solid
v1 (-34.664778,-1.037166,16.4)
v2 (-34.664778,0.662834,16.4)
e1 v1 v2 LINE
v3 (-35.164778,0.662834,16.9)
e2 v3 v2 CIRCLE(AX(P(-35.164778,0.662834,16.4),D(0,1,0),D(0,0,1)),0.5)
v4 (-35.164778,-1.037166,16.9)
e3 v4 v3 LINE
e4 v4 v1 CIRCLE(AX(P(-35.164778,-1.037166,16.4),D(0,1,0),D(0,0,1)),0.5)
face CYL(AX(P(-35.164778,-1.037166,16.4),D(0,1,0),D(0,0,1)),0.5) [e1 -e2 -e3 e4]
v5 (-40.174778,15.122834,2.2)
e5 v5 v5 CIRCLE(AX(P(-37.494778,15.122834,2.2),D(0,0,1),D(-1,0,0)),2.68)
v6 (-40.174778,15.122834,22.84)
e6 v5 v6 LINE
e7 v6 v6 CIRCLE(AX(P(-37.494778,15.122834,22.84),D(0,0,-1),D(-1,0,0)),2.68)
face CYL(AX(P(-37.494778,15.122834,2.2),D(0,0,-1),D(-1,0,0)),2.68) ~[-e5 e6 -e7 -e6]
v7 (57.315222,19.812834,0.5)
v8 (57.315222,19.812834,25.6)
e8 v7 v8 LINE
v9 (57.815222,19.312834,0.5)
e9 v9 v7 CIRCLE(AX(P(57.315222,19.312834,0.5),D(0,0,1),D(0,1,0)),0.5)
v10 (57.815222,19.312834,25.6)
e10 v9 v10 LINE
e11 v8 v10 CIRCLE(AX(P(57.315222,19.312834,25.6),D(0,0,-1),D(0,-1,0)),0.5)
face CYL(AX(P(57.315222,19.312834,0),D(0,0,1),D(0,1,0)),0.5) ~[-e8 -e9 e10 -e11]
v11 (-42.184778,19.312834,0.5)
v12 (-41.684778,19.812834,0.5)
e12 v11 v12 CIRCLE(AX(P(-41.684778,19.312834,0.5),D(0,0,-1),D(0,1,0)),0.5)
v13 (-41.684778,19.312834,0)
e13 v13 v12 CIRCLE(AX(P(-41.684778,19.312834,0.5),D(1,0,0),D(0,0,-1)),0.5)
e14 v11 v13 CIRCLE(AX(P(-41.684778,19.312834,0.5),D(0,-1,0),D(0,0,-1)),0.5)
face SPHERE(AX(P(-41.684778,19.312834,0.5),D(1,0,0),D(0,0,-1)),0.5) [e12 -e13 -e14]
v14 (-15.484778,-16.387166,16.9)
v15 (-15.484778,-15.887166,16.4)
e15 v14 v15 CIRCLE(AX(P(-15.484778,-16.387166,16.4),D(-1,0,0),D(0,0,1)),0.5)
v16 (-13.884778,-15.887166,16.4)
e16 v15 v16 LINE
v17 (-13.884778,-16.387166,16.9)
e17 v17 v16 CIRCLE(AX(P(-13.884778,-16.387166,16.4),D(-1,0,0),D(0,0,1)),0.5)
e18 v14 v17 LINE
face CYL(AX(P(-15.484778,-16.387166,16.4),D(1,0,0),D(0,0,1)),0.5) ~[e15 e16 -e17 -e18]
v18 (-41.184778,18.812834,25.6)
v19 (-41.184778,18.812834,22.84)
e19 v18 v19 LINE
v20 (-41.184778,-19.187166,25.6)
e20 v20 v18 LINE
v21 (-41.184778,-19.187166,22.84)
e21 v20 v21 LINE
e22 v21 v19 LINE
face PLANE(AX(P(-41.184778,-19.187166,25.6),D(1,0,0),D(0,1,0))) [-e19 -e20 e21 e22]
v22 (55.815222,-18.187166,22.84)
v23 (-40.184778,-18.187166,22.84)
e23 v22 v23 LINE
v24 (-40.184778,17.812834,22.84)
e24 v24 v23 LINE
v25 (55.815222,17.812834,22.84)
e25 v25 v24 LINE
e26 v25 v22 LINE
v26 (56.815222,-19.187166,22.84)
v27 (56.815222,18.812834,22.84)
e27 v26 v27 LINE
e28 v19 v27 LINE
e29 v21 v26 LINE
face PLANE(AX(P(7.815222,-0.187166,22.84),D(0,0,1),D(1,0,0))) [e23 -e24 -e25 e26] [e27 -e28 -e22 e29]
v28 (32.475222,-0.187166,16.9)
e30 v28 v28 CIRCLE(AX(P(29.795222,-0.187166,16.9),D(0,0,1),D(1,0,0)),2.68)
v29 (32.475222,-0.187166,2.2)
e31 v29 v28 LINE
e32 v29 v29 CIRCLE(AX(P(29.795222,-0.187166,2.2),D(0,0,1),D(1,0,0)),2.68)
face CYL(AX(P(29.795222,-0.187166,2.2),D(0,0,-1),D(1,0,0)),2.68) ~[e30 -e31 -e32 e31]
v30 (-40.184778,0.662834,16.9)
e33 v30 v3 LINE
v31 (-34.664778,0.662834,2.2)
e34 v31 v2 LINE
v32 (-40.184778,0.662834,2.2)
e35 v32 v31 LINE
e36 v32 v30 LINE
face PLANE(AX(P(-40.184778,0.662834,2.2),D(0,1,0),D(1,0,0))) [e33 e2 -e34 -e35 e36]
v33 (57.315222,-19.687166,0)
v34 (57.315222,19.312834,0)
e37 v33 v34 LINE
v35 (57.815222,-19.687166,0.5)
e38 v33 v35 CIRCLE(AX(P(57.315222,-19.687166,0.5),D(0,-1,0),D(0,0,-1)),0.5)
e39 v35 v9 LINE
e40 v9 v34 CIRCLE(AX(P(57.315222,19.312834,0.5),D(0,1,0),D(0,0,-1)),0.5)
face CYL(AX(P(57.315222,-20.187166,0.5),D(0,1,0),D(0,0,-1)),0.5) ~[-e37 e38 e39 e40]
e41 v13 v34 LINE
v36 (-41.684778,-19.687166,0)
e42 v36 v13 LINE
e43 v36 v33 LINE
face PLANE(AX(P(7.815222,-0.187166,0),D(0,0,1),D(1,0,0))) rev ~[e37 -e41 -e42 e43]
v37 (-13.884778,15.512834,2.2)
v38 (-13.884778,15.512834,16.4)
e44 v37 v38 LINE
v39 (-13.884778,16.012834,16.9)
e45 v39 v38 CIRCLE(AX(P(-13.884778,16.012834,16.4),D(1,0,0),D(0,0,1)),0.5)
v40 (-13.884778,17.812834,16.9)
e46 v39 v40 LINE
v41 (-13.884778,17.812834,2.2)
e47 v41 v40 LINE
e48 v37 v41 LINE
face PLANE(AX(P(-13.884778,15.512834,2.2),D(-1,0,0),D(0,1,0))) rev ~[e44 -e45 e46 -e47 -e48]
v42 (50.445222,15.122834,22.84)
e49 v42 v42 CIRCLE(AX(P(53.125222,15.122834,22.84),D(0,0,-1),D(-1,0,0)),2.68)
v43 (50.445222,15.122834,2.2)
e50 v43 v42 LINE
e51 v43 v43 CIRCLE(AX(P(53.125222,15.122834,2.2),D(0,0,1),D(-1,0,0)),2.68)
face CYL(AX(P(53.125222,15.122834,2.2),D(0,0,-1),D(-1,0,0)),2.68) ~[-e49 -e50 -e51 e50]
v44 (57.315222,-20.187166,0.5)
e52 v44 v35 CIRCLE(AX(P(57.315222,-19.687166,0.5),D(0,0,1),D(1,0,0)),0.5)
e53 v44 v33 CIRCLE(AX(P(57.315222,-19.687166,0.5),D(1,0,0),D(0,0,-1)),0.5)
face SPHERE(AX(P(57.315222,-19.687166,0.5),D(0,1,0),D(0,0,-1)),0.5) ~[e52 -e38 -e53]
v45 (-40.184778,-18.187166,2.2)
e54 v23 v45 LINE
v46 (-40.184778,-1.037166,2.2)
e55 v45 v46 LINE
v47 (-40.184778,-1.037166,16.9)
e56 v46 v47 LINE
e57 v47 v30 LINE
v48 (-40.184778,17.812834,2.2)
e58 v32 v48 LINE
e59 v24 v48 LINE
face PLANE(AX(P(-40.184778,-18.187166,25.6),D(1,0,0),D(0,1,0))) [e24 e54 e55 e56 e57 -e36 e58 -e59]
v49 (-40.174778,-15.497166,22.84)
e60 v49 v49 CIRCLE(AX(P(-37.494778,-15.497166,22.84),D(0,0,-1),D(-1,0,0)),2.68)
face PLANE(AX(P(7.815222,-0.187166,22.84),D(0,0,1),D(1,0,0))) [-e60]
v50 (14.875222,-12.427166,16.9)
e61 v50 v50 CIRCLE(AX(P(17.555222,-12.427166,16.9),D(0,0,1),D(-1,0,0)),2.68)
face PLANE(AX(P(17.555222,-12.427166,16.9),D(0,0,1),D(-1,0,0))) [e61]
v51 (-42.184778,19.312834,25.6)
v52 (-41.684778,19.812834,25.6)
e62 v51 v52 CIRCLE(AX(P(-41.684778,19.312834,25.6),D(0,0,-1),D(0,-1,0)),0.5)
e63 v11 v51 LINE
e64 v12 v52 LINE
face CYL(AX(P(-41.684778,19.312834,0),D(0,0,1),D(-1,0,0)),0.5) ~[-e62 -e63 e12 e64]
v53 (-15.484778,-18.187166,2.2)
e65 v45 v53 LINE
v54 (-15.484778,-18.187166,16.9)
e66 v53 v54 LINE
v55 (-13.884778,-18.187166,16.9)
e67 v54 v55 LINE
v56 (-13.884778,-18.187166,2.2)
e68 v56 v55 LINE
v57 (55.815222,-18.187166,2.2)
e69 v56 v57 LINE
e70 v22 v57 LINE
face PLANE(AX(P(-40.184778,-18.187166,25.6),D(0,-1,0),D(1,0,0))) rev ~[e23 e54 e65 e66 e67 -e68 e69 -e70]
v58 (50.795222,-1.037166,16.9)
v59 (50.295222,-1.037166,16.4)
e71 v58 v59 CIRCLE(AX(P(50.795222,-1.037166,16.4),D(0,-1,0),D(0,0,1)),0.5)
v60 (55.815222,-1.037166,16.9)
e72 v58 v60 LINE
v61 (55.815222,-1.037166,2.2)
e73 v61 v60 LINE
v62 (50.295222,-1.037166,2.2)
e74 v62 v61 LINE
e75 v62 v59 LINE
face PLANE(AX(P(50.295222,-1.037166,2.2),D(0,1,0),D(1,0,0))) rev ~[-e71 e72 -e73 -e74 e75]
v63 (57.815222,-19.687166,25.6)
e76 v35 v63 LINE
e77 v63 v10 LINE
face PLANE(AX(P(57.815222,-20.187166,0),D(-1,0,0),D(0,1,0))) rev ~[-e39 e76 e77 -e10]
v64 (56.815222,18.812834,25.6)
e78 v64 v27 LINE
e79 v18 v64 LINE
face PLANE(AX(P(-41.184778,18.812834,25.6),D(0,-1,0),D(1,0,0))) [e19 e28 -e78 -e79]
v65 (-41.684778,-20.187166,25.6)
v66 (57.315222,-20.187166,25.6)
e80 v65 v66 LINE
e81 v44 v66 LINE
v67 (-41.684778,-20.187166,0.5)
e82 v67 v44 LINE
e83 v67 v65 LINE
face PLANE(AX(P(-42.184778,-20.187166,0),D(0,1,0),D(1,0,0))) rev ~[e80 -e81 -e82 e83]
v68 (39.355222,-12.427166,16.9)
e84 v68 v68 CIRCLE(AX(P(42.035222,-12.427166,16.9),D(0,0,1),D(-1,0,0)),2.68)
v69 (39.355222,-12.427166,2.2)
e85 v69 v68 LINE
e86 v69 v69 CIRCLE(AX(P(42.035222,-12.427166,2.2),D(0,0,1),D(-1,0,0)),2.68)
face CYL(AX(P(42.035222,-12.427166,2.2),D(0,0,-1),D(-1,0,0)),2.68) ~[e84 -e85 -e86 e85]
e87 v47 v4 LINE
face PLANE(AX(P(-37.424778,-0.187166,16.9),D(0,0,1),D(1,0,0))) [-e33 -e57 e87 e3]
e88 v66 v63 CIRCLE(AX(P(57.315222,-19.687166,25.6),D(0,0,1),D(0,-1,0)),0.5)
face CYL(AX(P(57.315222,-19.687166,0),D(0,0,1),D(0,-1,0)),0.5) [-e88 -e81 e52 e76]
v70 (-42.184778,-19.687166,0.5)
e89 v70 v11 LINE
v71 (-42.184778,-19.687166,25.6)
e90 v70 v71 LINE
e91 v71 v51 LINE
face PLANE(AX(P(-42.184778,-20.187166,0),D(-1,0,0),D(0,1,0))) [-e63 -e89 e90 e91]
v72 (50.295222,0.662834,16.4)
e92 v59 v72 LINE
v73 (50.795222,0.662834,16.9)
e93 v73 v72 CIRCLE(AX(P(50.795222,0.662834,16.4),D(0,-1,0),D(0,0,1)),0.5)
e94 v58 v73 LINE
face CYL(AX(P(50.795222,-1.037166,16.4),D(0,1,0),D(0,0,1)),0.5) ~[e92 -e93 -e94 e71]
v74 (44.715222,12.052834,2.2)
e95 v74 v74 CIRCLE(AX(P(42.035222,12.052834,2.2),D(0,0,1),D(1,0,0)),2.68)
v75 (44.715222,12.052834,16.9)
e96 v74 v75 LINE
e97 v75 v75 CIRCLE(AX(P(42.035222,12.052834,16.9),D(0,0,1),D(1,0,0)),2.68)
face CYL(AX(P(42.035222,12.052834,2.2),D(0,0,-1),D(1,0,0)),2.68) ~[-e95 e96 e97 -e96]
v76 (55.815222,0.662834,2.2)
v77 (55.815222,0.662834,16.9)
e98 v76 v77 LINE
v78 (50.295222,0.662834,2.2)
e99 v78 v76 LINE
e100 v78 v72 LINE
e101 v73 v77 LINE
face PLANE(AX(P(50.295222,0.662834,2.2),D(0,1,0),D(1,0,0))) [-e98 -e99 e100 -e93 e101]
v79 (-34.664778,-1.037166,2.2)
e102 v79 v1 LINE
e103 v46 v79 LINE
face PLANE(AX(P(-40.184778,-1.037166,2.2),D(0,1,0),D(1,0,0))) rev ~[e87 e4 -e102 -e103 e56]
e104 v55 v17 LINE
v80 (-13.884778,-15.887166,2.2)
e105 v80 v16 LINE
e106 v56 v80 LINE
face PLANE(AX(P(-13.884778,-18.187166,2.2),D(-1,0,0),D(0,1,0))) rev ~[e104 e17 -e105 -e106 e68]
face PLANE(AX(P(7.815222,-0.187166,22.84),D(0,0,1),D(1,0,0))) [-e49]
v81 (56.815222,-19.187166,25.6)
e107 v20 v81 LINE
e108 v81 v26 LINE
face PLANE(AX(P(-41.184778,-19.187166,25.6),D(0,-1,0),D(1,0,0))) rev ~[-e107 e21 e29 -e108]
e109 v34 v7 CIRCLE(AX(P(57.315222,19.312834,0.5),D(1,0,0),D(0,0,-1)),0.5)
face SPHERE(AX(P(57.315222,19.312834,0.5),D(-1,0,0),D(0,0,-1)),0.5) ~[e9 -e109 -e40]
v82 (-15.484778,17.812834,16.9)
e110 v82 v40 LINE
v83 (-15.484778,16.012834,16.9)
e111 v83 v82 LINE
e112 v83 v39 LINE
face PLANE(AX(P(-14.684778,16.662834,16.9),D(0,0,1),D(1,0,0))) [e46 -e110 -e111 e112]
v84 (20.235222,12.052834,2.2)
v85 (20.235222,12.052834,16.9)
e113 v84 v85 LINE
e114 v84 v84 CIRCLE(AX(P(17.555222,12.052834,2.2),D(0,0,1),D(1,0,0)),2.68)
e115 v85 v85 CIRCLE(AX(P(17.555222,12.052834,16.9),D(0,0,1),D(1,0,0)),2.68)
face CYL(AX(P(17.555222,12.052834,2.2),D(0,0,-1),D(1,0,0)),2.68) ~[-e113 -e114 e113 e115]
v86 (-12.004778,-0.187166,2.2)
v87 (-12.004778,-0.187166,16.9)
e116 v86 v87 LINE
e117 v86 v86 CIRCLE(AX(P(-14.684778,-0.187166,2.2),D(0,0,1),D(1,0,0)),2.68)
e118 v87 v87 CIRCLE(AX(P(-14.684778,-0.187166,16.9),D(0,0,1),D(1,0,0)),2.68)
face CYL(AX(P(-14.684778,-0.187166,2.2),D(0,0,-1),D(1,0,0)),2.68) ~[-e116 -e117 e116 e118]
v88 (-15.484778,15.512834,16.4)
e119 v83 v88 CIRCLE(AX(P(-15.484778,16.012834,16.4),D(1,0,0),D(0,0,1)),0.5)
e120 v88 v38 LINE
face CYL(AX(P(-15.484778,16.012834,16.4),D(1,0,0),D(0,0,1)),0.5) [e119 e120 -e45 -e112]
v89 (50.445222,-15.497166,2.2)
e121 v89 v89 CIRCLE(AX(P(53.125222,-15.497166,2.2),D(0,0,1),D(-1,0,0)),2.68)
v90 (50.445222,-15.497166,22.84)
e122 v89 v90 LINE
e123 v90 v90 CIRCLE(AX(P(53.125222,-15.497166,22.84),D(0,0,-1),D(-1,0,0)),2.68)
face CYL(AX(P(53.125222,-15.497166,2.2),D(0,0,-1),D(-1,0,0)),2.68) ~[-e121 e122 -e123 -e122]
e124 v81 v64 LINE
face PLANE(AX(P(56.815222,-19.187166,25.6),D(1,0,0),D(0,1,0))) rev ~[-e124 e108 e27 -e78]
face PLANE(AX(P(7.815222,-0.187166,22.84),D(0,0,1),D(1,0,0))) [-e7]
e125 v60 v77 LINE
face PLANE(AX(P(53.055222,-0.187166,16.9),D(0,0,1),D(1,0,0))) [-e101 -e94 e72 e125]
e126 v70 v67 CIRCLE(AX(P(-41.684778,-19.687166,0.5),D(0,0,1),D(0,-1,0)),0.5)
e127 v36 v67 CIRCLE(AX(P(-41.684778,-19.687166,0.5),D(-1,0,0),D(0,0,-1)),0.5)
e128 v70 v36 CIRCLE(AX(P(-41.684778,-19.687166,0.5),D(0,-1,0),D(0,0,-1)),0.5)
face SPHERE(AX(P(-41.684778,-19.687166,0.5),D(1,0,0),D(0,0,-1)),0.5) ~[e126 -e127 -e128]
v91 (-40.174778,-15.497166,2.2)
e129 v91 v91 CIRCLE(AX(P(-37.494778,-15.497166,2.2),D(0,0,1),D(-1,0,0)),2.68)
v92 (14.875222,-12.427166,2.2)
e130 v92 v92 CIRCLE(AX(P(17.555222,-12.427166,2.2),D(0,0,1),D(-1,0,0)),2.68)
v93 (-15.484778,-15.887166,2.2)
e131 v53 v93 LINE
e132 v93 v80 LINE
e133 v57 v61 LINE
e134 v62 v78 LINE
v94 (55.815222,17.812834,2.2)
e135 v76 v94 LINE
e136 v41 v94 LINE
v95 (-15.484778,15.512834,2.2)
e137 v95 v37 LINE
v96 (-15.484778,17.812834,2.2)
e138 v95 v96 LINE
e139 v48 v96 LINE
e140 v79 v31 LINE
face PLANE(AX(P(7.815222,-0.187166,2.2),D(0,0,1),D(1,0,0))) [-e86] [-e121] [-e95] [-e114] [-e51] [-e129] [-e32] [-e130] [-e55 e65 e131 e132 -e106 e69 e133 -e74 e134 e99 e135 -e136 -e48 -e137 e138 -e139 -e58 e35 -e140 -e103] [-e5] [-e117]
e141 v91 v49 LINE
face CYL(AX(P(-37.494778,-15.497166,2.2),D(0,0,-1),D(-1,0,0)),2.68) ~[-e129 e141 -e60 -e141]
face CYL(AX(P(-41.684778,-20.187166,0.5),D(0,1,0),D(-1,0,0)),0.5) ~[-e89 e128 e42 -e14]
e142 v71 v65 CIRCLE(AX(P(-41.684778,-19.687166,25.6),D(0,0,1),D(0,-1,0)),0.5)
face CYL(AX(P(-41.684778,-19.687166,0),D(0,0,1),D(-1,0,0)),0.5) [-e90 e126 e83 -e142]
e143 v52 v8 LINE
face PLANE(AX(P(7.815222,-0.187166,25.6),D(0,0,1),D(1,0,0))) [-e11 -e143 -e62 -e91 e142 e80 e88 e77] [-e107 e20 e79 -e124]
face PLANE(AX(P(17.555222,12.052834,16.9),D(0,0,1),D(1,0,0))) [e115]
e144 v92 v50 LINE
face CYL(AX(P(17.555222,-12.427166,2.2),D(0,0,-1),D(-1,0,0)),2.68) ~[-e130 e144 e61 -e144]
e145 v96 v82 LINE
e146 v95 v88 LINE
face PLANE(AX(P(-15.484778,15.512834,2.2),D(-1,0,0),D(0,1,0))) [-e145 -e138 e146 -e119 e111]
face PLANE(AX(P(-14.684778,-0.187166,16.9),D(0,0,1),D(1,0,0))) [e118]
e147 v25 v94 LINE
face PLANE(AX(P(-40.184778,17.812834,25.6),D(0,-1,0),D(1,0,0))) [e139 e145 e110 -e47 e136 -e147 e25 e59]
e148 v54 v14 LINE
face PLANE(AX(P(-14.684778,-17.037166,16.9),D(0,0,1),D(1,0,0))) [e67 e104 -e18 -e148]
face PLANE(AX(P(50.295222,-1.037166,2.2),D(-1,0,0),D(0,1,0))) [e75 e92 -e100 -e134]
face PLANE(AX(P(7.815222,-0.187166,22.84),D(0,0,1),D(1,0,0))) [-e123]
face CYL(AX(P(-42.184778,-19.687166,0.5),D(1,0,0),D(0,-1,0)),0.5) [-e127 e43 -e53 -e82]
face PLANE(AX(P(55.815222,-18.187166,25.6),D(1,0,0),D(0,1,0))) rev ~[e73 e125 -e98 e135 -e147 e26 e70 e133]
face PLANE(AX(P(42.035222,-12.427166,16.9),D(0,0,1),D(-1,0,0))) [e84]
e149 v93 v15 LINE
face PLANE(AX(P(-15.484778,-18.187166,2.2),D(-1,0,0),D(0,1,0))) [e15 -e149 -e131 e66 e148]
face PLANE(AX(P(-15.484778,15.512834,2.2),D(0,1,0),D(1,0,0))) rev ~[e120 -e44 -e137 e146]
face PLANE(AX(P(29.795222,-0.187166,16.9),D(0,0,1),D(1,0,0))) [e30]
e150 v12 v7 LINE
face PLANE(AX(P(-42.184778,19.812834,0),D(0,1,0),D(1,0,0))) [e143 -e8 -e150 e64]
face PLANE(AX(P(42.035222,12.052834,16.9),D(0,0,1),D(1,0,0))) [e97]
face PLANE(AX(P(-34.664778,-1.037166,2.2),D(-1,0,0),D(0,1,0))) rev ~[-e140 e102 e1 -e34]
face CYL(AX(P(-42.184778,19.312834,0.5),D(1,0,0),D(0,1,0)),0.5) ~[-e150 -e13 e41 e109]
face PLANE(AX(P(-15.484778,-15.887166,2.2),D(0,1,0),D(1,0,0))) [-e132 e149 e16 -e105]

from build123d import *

# Parameters (mm, degrees)
IZIM1_W                     = 100
IZIM1_H                     = 40
Y_KSEKLIK_EKSTR_ZYON1_DEPTH = 25.6
IZIM2_W                     = 96
IZIM2_H                     = 36
KES_EKSTR_ZYON1_DEPTH       = 23.4
IZIM5_R                     = 2.68
Y_KSEKLIK_EKSTR_ZYON6_DEPTH = 22.42
IZIM6_W                     = 98
IZIM6_H                     = 38
KES_EKSTR_ZYON2_DEPTH       = 2.76
IZIM7_W                     = 5.52
IZIM7_H                     = 1.7
Y_KSEKLIK_EKSTR_ZYON7_DEPTH = 14.7
IZIM8_W                     = 1.6
IZIM8_H                     = 2.3
Y_KSEKLIK_EKSTR_ZYON8_DEPTH = 14.7
IZIM9_R                     = 2.68
Y_KSEKLIK_EKSTR_ZYON9_DEPTH = 14.7
RADYUS1_R                   = 0.5


with BuildPart() as part:
    # Çizim1 → Yükseklik-Ekstrüzyon1 (new body)
    with BuildSketch(Plane.XY):
        with Locations((7.815221761, -0.187165775)):
            Rectangle(IZIM1_W, IZIM1_H)
    extrude(amount=Y_KSEKLIK_EKSTR_ZYON1_DEPTH)

    # Çizim2 → Kes-Ekstrüzyon1 (cut)
    with BuildSketch(Plane.XY.offset(25.6)):
        with Locations((7.815221761, -0.187165775)):
            Rectangle(IZIM2_W, IZIM2_H)
    extrude(amount=-KES_EKSTR_ZYON1_DEPTH, mode=Mode.SUBTRACT)

    # Çizim5 → Yükseklik-Ekstrüzyon6 (add)
    with BuildSketch(Plane.XY.offset(2.2)):
        with Locations(Location((-37.494778239, 15.122834225, 0), (0, 0, 180))):
            Circle(IZIM5_R)
        with Locations(Location((-37.494778239, -15.497165775, 0), (0, 0, 180))):
            Circle(IZIM5_R)
        with Locations(Location((53.125221761, -15.497165775, 0), (0, 0, 180))):
            Circle(IZIM5_R)
        with Locations(Location((53.125221761, 15.122834225, 0), (0, 0, 180))):
            Circle(IZIM5_R)
    extrude(amount=Y_KSEKLIK_EKSTR_ZYON6_DEPTH)

    # Çizim6 → Kes-Ekstrüzyon2 (cut)
    with BuildSketch(Plane.XY.offset(25.6)):
        with Locations((7.815221761, -0.187165775)):
            Rectangle(IZIM6_W, IZIM6_H)
    extrude(amount=-KES_EKSTR_ZYON2_DEPTH, mode=Mode.SUBTRACT)

    # Çizim7 → Yükseklik-Ekstrüzyon7 (add)
    with BuildSketch(Plane.XY.offset(2.2)):
        with Locations((53.055221761, -0.187165775)):
            Rectangle(IZIM7_W, IZIM7_H)
        with Locations((-37.424778239, -0.187165775)):
            Rectangle(IZIM7_W, IZIM7_H)
    extrude(amount=Y_KSEKLIK_EKSTR_ZYON7_DEPTH)

    # Çizim8 → Yükseklik-Ekstrüzyon8 (add)
    with BuildSketch(Plane.XY.offset(2.2)):
        with Locations((-14.684778239, 16.662834225)):
            Rectangle(IZIM8_W, IZIM8_H)
        with Locations((-14.684778239, -17.037165775)):
            Rectangle(IZIM8_W, IZIM8_H)
    extrude(amount=Y_KSEKLIK_EKSTR_ZYON8_DEPTH)

    # Çizim9 → Yükseklik-Ekstrüzyon9 (add)
    with BuildSketch(Plane.XY.offset(2.2)):
        with Locations((42.035221761, 12.052834225)):
            Circle(IZIM9_R)
        with Locations(Location((42.035221761, -12.427165775, 0), (0, 0, 180))):
            Circle(IZIM9_R)
        with Locations((17.555221761, 12.052834225)):
            Circle(IZIM9_R)
        with Locations(Location((17.555221761, -12.427165775, 0), (0, 0, 180))):
            Circle(IZIM9_R)
        with Locations((29.795221761, -0.187165775)):
            Circle(IZIM9_R)
        with Locations((-14.684778239, -0.187165775)):
            Circle(IZIM9_R)
    extrude(amount=Y_KSEKLIK_EKSTR_ZYON9_DEPTH)

    # Radyus1
    radyus1_edges = [part.edges().sort_by_distance(p)[0] for p in [
        (-34.664778239, -0.187165775, 16.9),
        (-14.684778239, 15.512834225, 16.9),
        (-14.684778239, -15.887165775, 16.9),
        (7.815221761, 19.812834225, 0),
        (57.815221761, -0.187165775, 0),
        (7.815221761, -20.187165775, 0),
        (-42.184778239, -0.187165775, 0),
        (-42.184778239, 19.812834225, 12.8),
        (57.815221761, 19.812834225, 12.8),
        (57.815221761, -20.187165775, 12.8),
        (-42.184778239, -20.187165775, 12.8),
        (50.295221761, -0.187165775, 16.9),
    ]]
    fillet(radyus1_edges, radius=RADYUS1_R)


solid = part.part
